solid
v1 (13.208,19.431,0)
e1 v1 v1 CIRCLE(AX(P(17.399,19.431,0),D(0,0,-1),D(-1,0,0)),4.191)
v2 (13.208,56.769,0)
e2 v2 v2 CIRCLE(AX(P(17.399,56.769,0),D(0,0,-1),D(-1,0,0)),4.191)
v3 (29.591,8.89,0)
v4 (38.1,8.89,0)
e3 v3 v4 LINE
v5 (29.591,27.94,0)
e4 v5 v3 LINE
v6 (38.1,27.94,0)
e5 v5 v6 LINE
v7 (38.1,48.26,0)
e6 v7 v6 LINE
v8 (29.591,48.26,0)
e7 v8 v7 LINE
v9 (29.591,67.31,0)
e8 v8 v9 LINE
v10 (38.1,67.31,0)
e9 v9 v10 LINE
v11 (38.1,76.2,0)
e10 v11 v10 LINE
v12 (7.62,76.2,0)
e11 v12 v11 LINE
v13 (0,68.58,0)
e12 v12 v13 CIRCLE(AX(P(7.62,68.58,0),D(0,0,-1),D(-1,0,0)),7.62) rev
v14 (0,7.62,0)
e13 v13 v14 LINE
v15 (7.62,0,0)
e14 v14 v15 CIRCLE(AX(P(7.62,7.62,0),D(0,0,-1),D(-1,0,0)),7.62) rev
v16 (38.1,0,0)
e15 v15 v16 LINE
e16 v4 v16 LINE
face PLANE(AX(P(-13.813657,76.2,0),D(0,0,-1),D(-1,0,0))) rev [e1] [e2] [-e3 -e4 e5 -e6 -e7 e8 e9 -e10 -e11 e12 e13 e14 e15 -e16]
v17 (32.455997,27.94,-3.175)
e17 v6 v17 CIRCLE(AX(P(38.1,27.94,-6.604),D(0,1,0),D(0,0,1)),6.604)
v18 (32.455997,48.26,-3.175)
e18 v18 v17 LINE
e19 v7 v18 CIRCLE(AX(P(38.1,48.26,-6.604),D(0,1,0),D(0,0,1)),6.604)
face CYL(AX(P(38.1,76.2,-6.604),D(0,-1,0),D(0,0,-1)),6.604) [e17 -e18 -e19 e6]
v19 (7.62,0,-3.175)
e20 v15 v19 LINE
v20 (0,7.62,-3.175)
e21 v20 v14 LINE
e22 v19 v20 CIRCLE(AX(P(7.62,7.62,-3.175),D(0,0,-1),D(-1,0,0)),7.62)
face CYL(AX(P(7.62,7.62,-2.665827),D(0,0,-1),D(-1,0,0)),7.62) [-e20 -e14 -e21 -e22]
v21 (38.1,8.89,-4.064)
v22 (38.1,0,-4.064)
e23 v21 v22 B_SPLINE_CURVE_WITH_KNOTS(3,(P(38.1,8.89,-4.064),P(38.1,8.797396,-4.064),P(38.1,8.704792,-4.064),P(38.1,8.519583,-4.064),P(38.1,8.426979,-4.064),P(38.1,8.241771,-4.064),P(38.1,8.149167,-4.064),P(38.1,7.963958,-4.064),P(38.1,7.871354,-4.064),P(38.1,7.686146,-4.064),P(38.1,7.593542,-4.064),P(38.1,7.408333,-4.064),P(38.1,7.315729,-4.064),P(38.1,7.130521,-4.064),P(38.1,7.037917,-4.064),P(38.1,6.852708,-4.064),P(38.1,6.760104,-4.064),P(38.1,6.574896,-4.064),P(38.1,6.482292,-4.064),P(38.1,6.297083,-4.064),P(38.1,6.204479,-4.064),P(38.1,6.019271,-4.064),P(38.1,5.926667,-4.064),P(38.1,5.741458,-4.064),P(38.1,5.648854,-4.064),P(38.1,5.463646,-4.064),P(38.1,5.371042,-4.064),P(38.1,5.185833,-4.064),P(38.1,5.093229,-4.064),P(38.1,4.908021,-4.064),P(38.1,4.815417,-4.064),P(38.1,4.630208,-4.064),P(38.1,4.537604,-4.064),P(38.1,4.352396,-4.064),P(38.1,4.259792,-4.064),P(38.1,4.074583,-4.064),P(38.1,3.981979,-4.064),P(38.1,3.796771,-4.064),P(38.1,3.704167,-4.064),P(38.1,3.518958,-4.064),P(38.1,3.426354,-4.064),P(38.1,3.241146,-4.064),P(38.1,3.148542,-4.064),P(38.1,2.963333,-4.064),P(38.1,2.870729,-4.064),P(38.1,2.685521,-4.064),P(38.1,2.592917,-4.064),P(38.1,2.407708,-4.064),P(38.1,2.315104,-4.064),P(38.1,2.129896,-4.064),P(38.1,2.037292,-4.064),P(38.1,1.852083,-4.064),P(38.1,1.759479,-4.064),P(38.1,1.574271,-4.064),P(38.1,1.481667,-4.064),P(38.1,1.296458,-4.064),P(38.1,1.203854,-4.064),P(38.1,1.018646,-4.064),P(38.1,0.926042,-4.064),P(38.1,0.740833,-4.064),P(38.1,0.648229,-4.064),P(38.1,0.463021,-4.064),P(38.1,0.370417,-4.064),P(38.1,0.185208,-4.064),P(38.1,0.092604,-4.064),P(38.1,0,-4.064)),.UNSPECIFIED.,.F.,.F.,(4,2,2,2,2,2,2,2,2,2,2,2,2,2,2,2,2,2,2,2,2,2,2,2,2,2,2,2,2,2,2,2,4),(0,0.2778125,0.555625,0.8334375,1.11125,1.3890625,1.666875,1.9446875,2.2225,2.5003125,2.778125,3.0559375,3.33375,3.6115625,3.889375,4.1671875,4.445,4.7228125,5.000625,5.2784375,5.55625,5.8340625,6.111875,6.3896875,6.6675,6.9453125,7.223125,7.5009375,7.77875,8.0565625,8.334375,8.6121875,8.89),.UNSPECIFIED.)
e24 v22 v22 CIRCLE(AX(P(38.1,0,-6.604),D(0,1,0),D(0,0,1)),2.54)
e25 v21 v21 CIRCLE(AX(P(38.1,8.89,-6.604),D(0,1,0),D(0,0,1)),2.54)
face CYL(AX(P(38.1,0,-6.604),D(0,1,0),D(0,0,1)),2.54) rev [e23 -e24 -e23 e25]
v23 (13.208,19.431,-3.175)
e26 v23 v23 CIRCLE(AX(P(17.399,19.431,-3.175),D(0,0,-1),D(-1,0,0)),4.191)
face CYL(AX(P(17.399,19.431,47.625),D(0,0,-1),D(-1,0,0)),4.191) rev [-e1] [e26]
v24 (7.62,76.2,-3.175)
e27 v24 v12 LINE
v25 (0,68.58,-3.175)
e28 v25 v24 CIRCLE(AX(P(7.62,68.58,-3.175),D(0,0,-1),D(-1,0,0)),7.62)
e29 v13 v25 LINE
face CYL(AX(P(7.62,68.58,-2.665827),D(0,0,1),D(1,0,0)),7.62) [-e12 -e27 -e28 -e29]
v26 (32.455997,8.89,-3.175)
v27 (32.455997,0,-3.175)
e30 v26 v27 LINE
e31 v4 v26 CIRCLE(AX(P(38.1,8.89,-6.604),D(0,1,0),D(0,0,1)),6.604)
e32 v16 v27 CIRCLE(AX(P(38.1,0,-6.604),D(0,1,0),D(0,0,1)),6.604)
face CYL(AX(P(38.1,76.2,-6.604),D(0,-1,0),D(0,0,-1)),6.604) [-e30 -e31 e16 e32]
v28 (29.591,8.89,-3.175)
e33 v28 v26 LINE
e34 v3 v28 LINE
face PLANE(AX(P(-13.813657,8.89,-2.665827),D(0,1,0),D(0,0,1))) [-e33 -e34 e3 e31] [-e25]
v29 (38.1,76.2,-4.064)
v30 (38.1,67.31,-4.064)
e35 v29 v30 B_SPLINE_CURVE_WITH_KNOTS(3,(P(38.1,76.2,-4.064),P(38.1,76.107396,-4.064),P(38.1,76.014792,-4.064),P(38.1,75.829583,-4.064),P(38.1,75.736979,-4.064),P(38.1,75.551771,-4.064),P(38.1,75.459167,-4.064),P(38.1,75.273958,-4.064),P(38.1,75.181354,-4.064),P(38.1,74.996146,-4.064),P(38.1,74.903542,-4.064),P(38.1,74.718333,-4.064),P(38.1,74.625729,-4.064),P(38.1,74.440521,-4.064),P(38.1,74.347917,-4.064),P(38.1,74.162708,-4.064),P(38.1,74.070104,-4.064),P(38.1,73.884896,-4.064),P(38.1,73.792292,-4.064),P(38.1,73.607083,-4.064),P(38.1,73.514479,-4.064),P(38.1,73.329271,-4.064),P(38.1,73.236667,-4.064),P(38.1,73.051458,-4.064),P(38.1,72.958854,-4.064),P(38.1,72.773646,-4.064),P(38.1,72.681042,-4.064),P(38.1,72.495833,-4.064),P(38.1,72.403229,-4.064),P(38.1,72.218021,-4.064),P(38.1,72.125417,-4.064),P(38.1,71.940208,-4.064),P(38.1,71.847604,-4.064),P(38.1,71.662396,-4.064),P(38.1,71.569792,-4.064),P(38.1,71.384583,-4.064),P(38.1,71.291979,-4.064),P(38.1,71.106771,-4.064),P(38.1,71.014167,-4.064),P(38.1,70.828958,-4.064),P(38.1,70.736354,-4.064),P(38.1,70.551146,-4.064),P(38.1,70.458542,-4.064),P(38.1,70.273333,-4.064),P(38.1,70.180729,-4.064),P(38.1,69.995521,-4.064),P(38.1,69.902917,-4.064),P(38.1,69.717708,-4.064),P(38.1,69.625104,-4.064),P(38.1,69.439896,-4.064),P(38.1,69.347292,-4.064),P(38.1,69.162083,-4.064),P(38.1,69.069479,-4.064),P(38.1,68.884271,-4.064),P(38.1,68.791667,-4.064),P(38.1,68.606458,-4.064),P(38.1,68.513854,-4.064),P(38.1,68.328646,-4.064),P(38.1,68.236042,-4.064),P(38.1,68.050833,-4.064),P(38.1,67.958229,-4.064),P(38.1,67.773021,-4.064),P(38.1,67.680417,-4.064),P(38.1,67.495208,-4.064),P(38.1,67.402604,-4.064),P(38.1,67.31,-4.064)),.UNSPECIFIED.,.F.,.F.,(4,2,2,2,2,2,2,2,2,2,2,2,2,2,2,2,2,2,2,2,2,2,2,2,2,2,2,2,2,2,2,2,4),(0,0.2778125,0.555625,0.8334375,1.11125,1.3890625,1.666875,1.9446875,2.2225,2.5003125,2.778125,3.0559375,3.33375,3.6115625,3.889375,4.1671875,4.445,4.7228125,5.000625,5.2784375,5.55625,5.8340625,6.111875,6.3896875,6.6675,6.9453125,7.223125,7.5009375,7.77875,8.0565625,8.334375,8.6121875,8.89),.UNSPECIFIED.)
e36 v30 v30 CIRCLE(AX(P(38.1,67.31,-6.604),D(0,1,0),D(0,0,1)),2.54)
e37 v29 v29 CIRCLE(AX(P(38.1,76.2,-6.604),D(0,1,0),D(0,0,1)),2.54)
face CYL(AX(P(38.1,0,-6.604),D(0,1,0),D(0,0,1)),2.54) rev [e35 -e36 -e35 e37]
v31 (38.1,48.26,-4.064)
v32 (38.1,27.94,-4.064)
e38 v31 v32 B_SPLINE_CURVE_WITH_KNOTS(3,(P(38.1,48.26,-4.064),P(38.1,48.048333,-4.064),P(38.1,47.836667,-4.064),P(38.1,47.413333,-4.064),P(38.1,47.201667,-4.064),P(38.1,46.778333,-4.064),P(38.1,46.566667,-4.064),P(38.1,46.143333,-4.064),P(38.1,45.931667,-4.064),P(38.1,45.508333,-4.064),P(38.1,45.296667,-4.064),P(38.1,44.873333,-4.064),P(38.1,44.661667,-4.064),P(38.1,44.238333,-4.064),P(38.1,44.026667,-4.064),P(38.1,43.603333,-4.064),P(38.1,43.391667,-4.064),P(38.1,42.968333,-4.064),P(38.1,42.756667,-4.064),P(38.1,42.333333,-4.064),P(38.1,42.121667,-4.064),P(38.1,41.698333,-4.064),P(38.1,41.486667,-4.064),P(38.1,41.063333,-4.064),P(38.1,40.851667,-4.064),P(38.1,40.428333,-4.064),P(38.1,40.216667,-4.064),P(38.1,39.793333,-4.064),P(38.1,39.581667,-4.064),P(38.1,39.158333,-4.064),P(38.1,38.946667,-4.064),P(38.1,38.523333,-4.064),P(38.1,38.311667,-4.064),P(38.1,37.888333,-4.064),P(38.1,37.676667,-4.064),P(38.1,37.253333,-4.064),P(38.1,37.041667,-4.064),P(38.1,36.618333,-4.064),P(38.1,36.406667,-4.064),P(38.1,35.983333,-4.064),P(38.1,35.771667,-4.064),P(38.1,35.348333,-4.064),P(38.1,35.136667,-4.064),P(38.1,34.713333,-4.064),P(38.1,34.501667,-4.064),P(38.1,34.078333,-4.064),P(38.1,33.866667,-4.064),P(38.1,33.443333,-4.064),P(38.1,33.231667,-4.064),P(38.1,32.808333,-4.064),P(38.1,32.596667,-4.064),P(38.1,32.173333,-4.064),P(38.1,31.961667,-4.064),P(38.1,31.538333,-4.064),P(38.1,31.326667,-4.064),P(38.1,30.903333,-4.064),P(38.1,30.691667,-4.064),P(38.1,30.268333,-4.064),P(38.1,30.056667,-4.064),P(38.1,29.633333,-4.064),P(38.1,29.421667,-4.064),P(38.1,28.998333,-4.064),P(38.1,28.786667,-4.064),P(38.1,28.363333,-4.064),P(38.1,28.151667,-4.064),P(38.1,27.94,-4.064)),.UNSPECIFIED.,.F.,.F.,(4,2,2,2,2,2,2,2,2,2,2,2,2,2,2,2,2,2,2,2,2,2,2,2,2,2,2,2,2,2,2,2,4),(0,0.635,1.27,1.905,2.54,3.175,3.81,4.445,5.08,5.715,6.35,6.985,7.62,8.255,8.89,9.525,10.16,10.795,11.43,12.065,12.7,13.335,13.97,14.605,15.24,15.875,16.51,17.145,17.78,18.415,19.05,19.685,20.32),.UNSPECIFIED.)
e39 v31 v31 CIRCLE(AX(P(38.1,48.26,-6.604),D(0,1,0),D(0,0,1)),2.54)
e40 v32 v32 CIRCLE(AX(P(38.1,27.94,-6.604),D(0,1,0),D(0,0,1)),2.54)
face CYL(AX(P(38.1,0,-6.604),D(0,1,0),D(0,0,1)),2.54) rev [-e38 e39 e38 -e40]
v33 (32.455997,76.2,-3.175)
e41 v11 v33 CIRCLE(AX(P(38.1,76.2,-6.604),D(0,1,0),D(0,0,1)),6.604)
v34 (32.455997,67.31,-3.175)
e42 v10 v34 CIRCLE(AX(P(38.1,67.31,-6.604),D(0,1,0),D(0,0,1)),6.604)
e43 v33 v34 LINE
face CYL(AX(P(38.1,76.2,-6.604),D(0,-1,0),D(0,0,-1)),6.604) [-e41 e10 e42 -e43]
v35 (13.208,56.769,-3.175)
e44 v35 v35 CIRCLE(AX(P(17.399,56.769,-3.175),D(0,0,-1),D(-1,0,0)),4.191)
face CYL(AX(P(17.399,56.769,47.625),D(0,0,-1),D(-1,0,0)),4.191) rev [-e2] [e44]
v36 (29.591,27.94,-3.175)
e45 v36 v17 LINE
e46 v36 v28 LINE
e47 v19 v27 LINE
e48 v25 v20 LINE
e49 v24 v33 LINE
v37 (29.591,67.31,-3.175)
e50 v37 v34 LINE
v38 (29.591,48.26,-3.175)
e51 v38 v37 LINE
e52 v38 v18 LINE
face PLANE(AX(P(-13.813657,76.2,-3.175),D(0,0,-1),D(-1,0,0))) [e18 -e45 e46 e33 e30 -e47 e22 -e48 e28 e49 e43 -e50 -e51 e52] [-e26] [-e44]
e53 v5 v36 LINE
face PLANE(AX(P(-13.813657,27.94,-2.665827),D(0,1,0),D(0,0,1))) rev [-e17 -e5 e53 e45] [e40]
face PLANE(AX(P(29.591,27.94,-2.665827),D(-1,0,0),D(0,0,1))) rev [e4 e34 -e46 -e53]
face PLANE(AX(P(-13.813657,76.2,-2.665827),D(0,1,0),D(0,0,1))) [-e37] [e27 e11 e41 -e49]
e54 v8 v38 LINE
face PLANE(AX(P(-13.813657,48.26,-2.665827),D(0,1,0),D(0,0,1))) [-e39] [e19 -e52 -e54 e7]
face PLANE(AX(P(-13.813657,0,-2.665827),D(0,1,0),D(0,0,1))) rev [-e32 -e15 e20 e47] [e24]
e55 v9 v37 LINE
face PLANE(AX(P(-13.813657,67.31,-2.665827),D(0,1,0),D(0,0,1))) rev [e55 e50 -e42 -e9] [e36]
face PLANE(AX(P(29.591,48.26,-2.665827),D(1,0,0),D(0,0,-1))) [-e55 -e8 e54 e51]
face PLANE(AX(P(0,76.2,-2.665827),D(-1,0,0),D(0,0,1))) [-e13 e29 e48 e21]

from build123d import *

# Parameters (mm, degrees)
BOSS_EXTRUDE1_DEPTH = 76.2
SKETCH2_R           = 4.191
CUT_EXTRUDE1_DEPTH  = 50.8
CUT_EXTRUDE2_START  = 8.89
CUT_EXTRUDE2_DEPTH  = 19.05
CUT_EXTRUDE3_START  = 48.26
CUT_EXTRUDE3_DEPTH  = 19.05
SKETCH3_R           = 2.54
CUT_EXTRUDE4_DEPTH  = 90.327145258
FILLET1_R           = 7.62
FILLET2_R           = 7.62


with BuildPart() as part:
    # Sketch1 → Boss-Extrude1 (new body)
    with BuildSketch(Plane(origin=(0, 0, 0), x_dir=(1, 0, 0), z_dir=(0, 1, 0))):
        with BuildLine():
            Line((0, 0), (38.1, 0))
            ThreePointArc((38.1, 0), (41.337877391, 12.35977675), (32.455996545, 3.175))
            Line((32.455996545, 3.175), (0, 3.175))
            Line((0, 3.175), (0, 0))
        make_face()
    extrude(amount=BOSS_EXTRUDE1_DEPTH)

    # Sketch2 → Cut-Extrude1 (cut)
    with BuildSketch(Plane(origin=(0, 0, -3.175), x_dir=(-1, 0, 0), z_dir=(0, 0, -1))):
        with Locations((-17.399, 56.769)):
            Circle(SKETCH2_R)
        with Locations((-17.399, 19.431)):
            Circle(SKETCH2_R)
    extrude(amount=-CUT_EXTRUDE1_DEPTH, mode=Mode.SUBTRACT)

    # Sketch1<3> → Cut-Extrude2 (cut)
    with BuildSketch(Plane(origin=(0, 0, 0), x_dir=(1, 0, 0), z_dir=(0, 1, 0)).offset(CUT_EXTRUDE2_START)):
        with BuildLine():
            Line((32.455996545, 3.175), (29.591, 3.175))
            Line((29.591, 3.175), (29.591, 0))
            Line((29.591, 0), (38.1, 0))
            ThreePointArc((38.1, 0), (41.337877391, 12.35977675), (32.455996545, 3.175))
        make_face()
    extrude(amount=CUT_EXTRUDE2_DEPTH, mode=Mode.SUBTRACT)

    # Sketch1<5> → Cut-Extrude3 (cut)
    with BuildSketch(Plane(origin=(0, 0, 0), x_dir=(1, 0, 0), z_dir=(0, 1, 0)).offset(CUT_EXTRUDE3_START)):
        with BuildLine():
            Line((32.455996545, 3.175), (29.591, 3.175))
            Line((29.591, 3.175), (29.591, 0))
            Line((29.591, 0), (38.1, 0))
            ThreePointArc((38.1, 0), (41.337877391, 12.35977675), (32.455996545, 3.175))
        make_face()
    extrude(amount=CUT_EXTRUDE3_DEPTH, mode=Mode.SUBTRACT)

    # Sketch3 → Cut-Extrude4 (cut, through all)
    with BuildSketch(Plane(origin=(0, 76.2, 0), x_dir=(1, 0, 0), z_dir=(0, 1, 0))):
        with Locations((38.1, 6.604)):
            Circle(SKETCH3_R)
    extrude(amount=-CUT_EXTRUDE4_DEPTH, mode=Mode.SUBTRACT)

    # Fillet1
    fillet1_edges = [part.edges().sort_by_distance(p)[0] for p in [
        (0, 0, -1.5875),
    ]]
    fillet(fillet1_edges, radius=FILLET1_R)

    # Fillet2
    fillet2_edges = [part.edges().sort_by_distance(p)[0] for p in [
        (0, 76.2, -1.5875),
    ]]
    fillet(fillet2_edges, radius=FILLET2_R)


solid = part.part
